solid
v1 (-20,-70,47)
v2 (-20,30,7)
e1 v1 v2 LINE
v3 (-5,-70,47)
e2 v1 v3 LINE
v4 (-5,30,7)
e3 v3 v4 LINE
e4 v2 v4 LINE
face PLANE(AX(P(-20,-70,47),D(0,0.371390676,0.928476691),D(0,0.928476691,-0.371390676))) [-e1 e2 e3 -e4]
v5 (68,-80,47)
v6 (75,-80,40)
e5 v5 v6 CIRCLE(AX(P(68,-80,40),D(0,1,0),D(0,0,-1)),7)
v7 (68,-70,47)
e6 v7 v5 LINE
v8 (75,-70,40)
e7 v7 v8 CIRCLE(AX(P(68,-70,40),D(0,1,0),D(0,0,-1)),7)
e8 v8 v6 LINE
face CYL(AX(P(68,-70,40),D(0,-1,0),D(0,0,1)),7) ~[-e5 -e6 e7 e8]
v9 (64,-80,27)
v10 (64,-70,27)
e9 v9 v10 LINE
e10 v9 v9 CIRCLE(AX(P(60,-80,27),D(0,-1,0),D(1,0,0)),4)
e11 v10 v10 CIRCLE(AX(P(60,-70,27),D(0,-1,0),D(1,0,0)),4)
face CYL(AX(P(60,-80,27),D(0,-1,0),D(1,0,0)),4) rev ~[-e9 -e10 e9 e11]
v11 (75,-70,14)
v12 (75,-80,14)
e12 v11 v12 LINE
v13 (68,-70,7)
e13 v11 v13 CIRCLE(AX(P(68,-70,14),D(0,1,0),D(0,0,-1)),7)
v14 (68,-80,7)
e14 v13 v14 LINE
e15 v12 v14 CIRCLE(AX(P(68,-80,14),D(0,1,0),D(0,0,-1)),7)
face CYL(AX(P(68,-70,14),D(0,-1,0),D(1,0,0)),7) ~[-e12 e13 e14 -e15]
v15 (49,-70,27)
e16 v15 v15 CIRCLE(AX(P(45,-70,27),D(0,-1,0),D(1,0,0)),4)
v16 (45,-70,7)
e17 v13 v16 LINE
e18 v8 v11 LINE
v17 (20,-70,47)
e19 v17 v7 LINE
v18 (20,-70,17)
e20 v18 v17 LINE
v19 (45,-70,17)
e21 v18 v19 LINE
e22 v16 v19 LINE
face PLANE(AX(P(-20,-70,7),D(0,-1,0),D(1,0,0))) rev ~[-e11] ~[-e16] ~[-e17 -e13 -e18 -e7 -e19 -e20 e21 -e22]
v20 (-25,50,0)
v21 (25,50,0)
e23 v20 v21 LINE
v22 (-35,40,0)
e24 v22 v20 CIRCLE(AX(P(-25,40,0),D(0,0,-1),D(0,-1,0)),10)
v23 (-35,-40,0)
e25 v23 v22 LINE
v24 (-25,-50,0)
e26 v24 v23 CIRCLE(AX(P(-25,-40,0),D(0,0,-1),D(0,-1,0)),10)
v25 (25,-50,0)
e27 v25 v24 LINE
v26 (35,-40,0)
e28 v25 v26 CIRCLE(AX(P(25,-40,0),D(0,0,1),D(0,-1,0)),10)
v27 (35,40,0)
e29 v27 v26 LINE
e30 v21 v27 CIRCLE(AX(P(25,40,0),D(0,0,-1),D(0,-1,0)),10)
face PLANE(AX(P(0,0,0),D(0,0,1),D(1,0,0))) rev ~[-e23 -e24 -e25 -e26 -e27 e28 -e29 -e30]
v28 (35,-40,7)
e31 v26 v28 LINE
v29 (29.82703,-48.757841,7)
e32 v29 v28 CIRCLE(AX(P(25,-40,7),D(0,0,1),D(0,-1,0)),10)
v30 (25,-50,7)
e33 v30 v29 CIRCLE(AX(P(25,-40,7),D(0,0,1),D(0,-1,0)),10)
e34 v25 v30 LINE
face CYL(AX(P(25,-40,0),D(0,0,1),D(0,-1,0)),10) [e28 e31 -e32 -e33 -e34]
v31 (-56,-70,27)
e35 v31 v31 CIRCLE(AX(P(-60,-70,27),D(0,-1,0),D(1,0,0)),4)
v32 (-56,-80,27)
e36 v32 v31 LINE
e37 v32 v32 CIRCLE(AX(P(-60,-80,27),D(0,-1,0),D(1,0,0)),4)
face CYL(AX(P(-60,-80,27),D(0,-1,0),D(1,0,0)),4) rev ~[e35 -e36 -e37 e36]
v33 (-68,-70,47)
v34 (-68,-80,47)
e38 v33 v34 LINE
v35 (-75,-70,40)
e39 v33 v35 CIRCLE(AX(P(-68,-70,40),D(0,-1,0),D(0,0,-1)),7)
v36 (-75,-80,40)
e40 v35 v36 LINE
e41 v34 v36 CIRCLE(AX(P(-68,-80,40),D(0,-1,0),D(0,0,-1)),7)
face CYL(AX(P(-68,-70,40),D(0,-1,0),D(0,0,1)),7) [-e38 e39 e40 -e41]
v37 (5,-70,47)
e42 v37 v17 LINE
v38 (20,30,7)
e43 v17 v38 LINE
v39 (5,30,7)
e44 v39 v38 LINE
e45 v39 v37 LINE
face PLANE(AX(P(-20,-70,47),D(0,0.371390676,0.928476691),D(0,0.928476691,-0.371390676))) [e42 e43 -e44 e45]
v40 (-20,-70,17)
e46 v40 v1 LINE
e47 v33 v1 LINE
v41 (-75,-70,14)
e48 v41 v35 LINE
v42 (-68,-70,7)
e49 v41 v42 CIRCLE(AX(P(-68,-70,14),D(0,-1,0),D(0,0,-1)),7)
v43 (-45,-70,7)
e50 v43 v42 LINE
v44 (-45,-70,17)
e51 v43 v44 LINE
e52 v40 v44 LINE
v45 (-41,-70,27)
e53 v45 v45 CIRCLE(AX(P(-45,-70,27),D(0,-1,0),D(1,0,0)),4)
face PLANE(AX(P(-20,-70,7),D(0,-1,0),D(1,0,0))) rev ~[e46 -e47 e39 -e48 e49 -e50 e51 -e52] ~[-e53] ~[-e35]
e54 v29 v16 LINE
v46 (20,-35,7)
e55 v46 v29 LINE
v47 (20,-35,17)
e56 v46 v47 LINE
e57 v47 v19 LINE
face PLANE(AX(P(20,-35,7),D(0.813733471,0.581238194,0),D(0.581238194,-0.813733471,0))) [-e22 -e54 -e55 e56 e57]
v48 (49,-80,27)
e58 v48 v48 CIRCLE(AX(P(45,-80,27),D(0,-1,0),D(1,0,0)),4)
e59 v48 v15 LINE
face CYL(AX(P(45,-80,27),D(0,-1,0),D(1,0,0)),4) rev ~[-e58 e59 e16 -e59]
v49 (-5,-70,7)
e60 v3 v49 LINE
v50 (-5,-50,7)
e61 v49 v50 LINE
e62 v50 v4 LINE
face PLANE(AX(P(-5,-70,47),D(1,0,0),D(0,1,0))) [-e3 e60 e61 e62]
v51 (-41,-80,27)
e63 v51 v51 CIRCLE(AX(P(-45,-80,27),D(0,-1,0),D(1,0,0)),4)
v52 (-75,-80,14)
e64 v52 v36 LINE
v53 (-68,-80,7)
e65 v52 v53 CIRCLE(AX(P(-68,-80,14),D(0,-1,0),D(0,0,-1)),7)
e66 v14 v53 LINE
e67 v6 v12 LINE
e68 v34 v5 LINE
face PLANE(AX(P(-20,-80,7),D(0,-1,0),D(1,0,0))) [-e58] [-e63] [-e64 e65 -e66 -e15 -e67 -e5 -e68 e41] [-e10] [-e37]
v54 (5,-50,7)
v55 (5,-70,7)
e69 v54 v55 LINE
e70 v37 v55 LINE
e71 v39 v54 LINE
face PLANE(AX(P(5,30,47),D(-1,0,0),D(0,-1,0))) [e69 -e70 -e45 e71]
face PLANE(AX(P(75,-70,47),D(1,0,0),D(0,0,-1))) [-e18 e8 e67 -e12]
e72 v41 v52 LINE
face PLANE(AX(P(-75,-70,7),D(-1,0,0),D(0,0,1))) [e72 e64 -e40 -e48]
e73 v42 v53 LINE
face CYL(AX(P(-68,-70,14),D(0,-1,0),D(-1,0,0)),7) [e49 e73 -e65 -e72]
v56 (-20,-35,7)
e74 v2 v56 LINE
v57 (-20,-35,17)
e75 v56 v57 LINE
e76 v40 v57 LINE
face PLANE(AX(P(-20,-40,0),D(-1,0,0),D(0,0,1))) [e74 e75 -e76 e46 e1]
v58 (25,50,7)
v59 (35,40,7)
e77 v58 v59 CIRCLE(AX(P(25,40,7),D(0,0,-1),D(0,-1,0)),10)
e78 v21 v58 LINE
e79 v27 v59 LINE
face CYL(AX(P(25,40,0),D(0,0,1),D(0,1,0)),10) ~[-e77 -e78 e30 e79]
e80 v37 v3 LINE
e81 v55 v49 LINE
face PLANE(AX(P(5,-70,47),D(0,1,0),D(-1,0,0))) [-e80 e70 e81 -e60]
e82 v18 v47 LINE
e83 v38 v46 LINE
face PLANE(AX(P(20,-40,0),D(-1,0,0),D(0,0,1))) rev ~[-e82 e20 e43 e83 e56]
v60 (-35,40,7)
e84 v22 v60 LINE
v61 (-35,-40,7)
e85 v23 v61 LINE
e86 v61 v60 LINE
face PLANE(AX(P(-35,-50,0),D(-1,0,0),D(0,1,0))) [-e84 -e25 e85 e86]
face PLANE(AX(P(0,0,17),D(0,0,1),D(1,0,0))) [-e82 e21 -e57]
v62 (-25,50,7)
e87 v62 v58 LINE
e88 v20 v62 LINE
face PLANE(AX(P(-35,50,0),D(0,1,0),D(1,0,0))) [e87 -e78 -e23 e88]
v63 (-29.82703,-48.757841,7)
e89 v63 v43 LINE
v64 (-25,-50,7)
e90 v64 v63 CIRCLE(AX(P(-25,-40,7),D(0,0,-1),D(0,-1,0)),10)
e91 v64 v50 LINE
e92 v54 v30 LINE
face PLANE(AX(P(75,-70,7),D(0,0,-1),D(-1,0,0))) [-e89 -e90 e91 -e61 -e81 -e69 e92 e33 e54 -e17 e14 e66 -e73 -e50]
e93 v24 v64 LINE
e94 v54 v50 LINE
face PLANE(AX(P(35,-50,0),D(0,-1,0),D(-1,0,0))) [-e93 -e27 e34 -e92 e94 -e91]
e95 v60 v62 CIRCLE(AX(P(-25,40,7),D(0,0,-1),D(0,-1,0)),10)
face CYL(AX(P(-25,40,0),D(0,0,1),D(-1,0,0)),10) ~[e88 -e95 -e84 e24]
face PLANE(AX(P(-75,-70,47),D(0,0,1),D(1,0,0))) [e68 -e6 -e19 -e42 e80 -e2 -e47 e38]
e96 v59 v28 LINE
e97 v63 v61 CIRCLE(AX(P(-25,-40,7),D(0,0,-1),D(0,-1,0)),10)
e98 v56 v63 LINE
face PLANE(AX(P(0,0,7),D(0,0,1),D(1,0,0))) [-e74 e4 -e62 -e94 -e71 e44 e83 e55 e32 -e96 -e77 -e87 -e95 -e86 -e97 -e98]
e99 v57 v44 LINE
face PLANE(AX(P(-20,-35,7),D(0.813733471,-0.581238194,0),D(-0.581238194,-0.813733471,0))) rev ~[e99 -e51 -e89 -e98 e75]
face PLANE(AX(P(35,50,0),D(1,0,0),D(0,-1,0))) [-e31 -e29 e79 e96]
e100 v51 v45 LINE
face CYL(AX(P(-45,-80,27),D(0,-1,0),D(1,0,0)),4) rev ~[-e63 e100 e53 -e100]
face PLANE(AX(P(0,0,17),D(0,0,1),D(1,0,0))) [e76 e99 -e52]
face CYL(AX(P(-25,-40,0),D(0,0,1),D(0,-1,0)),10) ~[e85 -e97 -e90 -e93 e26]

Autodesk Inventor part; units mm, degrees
ref_plane "YZ Plane" through (0, 0, 0) normal (1, 0, 0) x (0, 1, 0)
ref_plane "XZ Plane" through (0, 0, 0) normal (0, 1, 0) x (-1, 0, 0)
sketch "Sketch1" plane through (0, 0, 0) normal (0, 0, 1) x (1, 0, 0)
  line L0 (35, -50) -> (-35, -50)
  line L1 (-35, -50) -> (-35, 50)
  line L2 (-35, 50) -> (35, 50)
  line L3 (35, 50) -> (35, -50)
  line L4 (35, -50) -> (-35, 50) construction
  line L5 (-35, -50) -> (35, 50) construction
  point P0 (0, 0)
  dimension "d0" = 70
  dimension "d1" = 100
extrude "Extrusion1" add sketch "Sketch1" along normal blind 7
fillet "Fillet1" radius 10 4 edges at (35, 50, 3.5) (-35, 50, 3.5) (-35, -50, 3.5) (35, -50, 3.5)
ref_plane "Work Plane1" through (-20, -40, 0) normal (-1, 0, 0) x (0, 0, 1)
sketch "Sketch2" plane through (-20, -40, 0) normal (-1, 0, 0) x (0, 0, 1)
  line L0 (7, 80) -> (7, 90) construction
  line L1 (7, 90) -> (0, 90) construction
  line L2 (0, 90) -> (0, 80) construction
  line L3 (0, 80) -> (7, 80) construction
  line L4 (7, 0) -> (0, 0) construction
  line L5 (7, 80) -> (7, 0) construction
  line L6 (0, 80) -> (7, 80) construction
  line L7 (0, 0) -> (0, 80) construction
  line L8 (7, -10) -> (7, 0) construction
  line L9 (7, 0) -> (0, 0) construction
  line L10 (0, 0) -> (0, -10) construction
  line L11 (0, -10) -> (7, -10) construction
  line L12 (0, -10) -> (7, -10) construction
  line L13 (57, 70) -> (7, 70) construction
  line L14 (7, 70) -> (7, -10) construction
  line L15 (7, 70) -> (47, 70) construction
  line L16 (47, 70) -> (47, -30) construction
  line L17 (47, -30) -> (7, -30) construction
  line L18 (7, -30) -> (7, 70) construction
  line L19 (7, 70) -> (7, -30)
  line L20 (7, -30) -> (47, -30)
  line L21 (47, -30) -> (7, 70)
  line L22 (0, 0) -> (7, 0) construction
  line L23 (0, 80) -> (0, 0) construction
  line L24 (7, 80) -> (0, 80) construction
  line L25 (7, 0) -> (7, 80) construction
  line L26 (7, 90) -> (7, 80) construction
  line L27 (7, 80) -> (0, 80) construction
  line L28 (0, 80) -> (0, 90) construction
  line L29 (0, 90) -> (7, 90) construction
  line L30 (7, 0) -> (7, -10) construction
  line L31 (7, -10) -> (0, -10) construction
  line L32 (0, -10) -> (0, 0) construction
  line L33 (0, 0) -> (7, 0) construction
  point P0 (0, 40)
  dimension "d6" = 50
  dimension "d8" = 40
  dimension "d9" = 100
  dimension "d17" = 20
extrude "Extrusion2" add sketch "Sketch2" against normal blind 40
sketch "Sketch3" plane through (-20, -70, 7) normal (0, -1, 0) x (1, 0, 0)
  line L0 (0, 0) -> (0, 40) construction
  line L1 (0, 0) -> (40, 0) construction
  line L2 (40, 40) -> (40, 0) construction
  line L3 (0, 40) -> (40, 40) construction
  line L4 (0, 40) -> (-55, 40) construction
  line L5 (-55, 40) -> (95, 40)
  line L6 (95, 40) -> (95, 0)
  line L7 (95, 0) -> (-55, 0)
  line L8 (-55, 0) -> (-55, 40)
  point P0 (20, -7)
  dimension "d12" = 55
  dimension "d13" = 150
  dimension "d18" = 40
extrude "Extrusion3" add sketch "Sketch3" along normal blind 10
fillet "Fillet2" radius 7 4 edges at (-75, -75, 47) (75, -75, 47) (75, -75, 7) (-75, -75, 7)
sketch "Sketch5" plane through (-20, -80, 7) normal (0, -1, 0) x (1, 0, 0)
  arc A0 (-55, 7) -> (-48, 0) centre (-48, 7) ccw construction
  line L0 (-48, 0) -> (88, 0) construction
  arc A1 (88, 0) -> (95, 7) centre (88, 7) ccw construction
  line L1 (95, 7) -> (95, 33) construction
  arc A2 (95, 33) -> (88, 40) centre (88, 33) ccw construction
  line L2 (88, 40) -> (-48, 40) construction
  arc A3 (-48, 40) -> (-55, 33) centre (-48, 33) ccw construction
  line L3 (-55, 33) -> (-55, 7) construction
  line L4 (95, 20) -> (-55, 20) construction
  line L5 (-55, 7) -> (-55, 33) construction
  line L6 (0, 0) -> (40, 0) construction
  line L7 (20, 0) -> (20, 40) construction
  circle A4 centre (80, 20) radius 4
  circle A5 centre (-40, 20) radius 4
  circle A6 centre (65, 20) radius 4
  circle A7 centre (-25, 20) radius 4
  point P0 (20, -7)
  dimension "d23" = 8
  dimension "d24" = 8
  dimension "d25" = 15
  dimension "d26" = 15
  dimension "d29" = 8
  dimension "d30" = 8
  dimension "d31" = 15
  dimension "d32" = 15
extrude "Extrusion4" cut sketch "Sketch5" against normal blind 20
sketch "Sketch7" plane through (-20, -70, 47) normal (0, 0, 1) x (1, 0, 0)
  line L0 (0, 0) -> (0, 100) construction
  line L1 (0, 0) -> (40, 0) construction
  line L2 (40, 100) -> (40, 0) construction
  line L3 (0, 100) -> (40, 100) construction
  line L4 (20, 100) -> (20, 0) construction
  line L5 (0, 20) -> (0, 100) construction
  line L6 (0, 50) -> (20, 50) construction
  line L7 (25, 0) -> (15, 0)
  line L8 (15, 0) -> (15, 100)
  line L9 (15, 100) -> (25, 100)
  line L10 (25, 100) -> (25, 0)
  line L11 (25, 0) -> (15, 100) construction
  line L12 (15, 0) -> (25, 100) construction
  point P0 (20, 70)
  dimension "d33" = 10
extrude "Extrusion5" cut sketch "Sketch7" against normal blind 40
sketch "Sketch8" plane through (0, 0, 7) normal (0, 0, 1) x (1, 0, 0)
  line L0 (-20, -50) -> (-20, 30) construction
  line L1 (-20, 30) -> (-5, 30) construction
  line L2 (-5, -50) -> (-5, 30) construction
  line L3 (-5, -50) -> (5, -50) construction
  line L4 (5, 30) -> (5, -50) construction
  line L5 (5, 30) -> (20, 30) construction
  line L6 (20, 30) -> (20, -50) construction
  line L7 (20, -50) -> (25, -50) construction
  arc A0 (25, -50) -> (35, -40) centre (25, -40) ccw construction
  line L8 (35, -40) -> (35, 40) construction
  arc A1 (35, 40) -> (25, 50) centre (25, 40) ccw construction
  line L9 (25, 50) -> (-25, 50) construction
  arc A2 (-25, 50) -> (-35, 40) centre (-25, 40) ccw construction
  line L10 (-35, 40) -> (-35, -40) construction
  arc A3 (-35, -40) -> (-25, -50) centre (-25, -40) ccw construction
  line L11 (-25, -50) -> (-20, -50) construction
  line L12 (-5, -70) -> (-5, 30) construction
  line L13 (-20, 30) -> (-5, 30) construction
  line L14 (-20, -70) -> (-20, 30) construction
  line L15 (-20, -70) -> (-5, -70) construction
  line L16 (5, 30) -> (5, -70) construction
  line L17 (5, -70) -> (20, -70) construction
  line L18 (20, 30) -> (20, -70) construction
  line L19 (5, 30) -> (20, 30) construction
  line L20 (68, -70) -> (68, -80) construction
  line L21 (20, -70) -> (68, -70) construction
  line L22 (5, -70) -> (20, -70) construction
  line L23 (-5, -70) -> (5, -70) construction
  line L24 (-20, -70) -> (-5, -70) construction
  line L25 (-68, -70) -> (-20, -70) construction
  line L26 (-68, -80) -> (-68, -70) construction
  line L27 (68, -80) -> (-68, -80) construction
  line L28 (-20, -70) -> (-45, -70)
  line L29 (-20, -70) -> (-20, -35)
  line L30 (-20, -35) -> (-45, -70)
  line L31 (25, -50) -> (-25, -50) construction
  line L32 (0, -50) -> (0, -70) construction
  line L33 (20, -70) -> (45, -70)
  line L34 (20, -70) -> (20, -35)
  line L35 (20, -35) -> (45, -70)
  point P0 (0, 0)
  dimension "d0" = 70
  dimension "d36" = 25
  dimension "d37" = 35
extrude "Extrusion6" add sketch "Sketch8" along normal blind 10
properties part number "Mordaza"
